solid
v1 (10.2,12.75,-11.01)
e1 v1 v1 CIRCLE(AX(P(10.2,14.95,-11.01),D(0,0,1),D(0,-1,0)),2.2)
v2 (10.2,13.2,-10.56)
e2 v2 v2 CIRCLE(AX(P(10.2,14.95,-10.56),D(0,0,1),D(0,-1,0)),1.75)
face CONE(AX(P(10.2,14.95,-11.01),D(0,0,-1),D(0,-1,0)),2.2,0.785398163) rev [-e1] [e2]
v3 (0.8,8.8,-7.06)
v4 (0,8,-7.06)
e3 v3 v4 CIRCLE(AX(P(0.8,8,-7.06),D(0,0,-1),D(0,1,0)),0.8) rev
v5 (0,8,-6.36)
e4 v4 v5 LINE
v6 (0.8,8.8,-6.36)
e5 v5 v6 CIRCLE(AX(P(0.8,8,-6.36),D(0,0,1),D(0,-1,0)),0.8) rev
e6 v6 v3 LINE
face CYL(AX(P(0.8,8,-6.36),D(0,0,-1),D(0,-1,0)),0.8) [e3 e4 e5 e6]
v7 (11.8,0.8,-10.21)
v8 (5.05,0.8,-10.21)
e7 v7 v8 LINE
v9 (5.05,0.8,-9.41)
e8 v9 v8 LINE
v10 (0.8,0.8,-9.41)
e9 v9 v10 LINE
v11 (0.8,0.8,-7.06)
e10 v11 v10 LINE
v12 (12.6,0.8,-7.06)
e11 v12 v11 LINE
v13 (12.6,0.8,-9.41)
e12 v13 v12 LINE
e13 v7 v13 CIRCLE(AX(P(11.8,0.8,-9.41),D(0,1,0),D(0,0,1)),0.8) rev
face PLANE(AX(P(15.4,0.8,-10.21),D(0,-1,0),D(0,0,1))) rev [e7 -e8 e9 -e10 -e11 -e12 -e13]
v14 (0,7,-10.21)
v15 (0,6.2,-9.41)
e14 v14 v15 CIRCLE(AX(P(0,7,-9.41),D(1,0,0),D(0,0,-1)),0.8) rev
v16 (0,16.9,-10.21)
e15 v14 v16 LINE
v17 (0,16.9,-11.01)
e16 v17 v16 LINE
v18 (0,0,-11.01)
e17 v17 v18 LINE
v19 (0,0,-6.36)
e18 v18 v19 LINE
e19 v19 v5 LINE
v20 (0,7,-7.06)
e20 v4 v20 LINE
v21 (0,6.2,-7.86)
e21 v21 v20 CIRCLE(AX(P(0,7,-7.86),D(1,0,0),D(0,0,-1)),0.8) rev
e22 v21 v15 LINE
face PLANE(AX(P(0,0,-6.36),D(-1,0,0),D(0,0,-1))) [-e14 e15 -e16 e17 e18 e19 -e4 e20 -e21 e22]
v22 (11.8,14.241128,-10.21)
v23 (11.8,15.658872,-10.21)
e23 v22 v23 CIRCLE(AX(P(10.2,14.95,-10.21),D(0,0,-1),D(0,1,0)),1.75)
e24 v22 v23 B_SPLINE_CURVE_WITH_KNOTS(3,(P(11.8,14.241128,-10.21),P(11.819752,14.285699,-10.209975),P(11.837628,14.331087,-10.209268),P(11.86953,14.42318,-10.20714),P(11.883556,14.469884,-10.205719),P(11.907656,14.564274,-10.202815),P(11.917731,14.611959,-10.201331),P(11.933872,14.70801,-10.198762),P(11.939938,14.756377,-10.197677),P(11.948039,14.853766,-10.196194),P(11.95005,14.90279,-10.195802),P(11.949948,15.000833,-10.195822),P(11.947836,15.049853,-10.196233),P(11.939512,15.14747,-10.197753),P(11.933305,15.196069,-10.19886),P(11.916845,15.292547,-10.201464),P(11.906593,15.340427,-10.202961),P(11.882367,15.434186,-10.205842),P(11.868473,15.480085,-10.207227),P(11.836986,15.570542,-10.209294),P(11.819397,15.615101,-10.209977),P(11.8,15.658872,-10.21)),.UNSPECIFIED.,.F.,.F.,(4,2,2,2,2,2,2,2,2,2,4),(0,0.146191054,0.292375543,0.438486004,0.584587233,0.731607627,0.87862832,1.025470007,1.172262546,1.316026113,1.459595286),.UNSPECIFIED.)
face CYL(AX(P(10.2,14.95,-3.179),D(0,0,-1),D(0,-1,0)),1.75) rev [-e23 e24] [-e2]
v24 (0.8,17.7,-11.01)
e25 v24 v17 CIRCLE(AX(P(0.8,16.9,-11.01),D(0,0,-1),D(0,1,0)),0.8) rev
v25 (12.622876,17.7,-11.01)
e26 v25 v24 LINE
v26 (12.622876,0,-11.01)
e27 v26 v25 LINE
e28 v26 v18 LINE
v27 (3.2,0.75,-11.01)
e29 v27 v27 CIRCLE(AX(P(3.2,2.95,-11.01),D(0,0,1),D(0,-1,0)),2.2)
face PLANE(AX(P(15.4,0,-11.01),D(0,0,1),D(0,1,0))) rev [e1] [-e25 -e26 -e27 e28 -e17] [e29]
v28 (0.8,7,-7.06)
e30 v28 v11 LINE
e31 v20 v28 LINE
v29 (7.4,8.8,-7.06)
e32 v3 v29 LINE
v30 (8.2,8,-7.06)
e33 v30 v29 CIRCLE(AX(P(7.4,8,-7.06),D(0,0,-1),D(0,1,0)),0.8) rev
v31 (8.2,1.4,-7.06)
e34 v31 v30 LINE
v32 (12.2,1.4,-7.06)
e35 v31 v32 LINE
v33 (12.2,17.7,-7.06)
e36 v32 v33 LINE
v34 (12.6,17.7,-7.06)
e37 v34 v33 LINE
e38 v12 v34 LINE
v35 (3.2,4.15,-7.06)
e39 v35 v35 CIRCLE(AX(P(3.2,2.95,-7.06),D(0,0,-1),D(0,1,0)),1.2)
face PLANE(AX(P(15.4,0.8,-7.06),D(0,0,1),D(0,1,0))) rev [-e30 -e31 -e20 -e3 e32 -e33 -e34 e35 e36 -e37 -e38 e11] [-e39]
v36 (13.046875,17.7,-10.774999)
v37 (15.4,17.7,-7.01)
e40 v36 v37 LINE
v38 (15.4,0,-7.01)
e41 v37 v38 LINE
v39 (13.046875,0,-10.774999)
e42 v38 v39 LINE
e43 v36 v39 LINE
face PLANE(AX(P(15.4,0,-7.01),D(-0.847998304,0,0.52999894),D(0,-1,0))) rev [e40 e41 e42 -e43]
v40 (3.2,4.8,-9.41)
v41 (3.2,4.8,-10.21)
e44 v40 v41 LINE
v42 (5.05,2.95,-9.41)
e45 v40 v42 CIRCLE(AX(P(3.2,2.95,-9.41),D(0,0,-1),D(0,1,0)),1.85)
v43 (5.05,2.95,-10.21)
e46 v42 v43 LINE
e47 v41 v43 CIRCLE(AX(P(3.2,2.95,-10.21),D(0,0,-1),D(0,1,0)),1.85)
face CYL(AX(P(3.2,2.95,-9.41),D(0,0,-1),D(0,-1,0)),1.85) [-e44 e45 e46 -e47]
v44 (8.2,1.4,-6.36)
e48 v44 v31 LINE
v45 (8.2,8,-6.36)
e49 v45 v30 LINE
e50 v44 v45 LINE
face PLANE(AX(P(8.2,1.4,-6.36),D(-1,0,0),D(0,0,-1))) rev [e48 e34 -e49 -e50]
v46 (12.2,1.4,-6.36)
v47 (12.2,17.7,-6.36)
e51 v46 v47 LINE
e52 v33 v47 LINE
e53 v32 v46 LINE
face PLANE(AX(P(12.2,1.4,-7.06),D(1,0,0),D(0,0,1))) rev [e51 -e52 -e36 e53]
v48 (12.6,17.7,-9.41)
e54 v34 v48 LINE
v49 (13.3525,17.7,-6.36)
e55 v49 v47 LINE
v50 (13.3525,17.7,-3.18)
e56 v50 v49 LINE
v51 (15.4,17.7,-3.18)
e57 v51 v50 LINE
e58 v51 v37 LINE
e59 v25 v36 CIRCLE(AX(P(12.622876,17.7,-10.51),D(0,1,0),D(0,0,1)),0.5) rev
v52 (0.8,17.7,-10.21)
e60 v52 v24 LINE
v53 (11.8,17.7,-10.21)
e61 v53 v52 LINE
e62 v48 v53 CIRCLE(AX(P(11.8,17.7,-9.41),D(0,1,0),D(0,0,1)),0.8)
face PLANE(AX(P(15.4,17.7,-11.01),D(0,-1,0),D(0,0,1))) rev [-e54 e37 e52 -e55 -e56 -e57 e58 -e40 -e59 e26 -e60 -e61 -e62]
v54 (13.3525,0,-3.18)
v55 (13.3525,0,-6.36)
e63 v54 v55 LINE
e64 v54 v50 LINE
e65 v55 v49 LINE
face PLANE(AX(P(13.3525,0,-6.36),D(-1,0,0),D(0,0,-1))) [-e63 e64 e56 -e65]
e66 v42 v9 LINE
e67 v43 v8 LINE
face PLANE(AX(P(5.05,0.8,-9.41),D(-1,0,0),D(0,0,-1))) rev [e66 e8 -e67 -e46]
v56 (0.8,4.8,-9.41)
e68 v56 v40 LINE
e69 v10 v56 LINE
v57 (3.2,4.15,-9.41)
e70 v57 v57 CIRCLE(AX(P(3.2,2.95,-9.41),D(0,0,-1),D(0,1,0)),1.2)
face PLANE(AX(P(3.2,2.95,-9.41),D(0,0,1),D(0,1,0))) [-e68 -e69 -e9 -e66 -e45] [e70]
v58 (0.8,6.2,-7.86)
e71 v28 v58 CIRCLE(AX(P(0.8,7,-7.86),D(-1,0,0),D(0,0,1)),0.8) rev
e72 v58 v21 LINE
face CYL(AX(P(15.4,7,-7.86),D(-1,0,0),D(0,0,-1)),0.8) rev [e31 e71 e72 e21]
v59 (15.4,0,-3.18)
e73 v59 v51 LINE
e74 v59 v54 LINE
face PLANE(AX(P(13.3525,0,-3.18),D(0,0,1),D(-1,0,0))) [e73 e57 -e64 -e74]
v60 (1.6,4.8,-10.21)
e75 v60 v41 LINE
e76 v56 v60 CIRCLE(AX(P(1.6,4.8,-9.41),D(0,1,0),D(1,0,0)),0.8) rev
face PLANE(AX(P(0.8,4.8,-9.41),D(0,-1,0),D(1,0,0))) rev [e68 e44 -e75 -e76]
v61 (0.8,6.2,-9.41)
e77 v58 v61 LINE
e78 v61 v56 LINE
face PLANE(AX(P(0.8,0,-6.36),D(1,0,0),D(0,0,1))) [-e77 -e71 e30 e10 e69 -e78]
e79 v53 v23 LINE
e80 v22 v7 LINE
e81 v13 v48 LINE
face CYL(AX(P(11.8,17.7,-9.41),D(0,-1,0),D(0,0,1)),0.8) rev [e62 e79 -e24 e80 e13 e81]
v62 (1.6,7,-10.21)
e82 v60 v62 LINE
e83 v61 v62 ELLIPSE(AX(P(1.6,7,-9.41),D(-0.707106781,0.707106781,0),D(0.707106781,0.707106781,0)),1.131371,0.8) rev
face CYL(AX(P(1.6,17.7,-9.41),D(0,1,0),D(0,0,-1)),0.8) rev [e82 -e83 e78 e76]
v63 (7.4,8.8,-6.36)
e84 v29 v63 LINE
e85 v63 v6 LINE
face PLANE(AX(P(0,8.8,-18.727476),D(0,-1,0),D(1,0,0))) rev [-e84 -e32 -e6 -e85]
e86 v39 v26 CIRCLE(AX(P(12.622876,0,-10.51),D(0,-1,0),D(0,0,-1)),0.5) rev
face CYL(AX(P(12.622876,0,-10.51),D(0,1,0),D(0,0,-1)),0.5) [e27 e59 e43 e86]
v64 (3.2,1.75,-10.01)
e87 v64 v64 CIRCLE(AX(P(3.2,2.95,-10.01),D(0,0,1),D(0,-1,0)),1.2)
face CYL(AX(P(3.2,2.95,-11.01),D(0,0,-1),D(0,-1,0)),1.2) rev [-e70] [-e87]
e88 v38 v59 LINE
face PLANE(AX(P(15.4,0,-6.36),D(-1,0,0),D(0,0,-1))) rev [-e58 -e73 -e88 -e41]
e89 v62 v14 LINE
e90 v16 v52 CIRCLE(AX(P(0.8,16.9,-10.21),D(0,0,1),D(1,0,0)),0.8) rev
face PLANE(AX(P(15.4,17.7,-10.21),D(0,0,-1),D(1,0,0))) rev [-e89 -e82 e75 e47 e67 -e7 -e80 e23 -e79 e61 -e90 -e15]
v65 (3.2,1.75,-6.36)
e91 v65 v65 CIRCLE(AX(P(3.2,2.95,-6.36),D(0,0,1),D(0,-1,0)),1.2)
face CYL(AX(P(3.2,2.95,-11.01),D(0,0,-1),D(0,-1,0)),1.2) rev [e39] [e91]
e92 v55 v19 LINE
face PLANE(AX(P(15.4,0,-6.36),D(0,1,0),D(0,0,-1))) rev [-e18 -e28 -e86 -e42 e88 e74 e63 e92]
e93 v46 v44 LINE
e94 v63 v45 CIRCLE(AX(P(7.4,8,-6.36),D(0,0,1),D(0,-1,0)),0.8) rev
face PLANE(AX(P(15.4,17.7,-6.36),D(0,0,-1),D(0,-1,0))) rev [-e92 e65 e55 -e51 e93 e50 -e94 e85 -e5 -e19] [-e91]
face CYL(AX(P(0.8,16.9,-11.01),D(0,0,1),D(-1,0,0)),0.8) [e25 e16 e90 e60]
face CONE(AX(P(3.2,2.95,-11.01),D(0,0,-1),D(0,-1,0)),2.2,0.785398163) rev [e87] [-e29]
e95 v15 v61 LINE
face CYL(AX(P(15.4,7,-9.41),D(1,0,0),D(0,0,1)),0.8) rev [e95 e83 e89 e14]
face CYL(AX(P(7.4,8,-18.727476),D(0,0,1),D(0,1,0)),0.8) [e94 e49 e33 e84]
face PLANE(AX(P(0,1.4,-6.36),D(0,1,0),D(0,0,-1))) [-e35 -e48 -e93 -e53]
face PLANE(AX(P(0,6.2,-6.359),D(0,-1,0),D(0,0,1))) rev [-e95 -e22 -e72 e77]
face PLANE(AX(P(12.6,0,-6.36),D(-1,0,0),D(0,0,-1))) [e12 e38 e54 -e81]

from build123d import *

# Parameters (mm, degrees)
BOSS_EXTRUDE1_DEPTH                             = 15.4
CUT_EXTRUDE2_REACH                              = 25.918
SKETCH3_W                                       = 7.5
SKETCH3_H                                       = 11.5
BOSS_EXTRUDE3_REACH                             = 25.918
SKETCH4_W                                       = 0.8
SKETCH4_H                                       = 6.2
SKETCH4_W_2                                     = 2.8
SKETCH4_H_2                                     = 17.7
SKETCH10_W                                      = 4
SKETCH10_H                                      = 0.7
CUT_EXTRUDE4_DEPTH                              = 16.3
BOSS_EXTRUDE4_DEPTH                             = 0.8
CSK_FOR_M2_FLAT_HEAD_MACHINE_SCREW3_D           = 2.4
CSK_FOR_M2_FLAT_HEAD_MACHINE_SCREW3_CSINK_D     = 4.4
CSK_FOR_M2_FLAT_HEAD_MACHINE_SCREW3_CSINK_ANGLE = 90
MOVE_FACE1_BY                                   = 0.6
SKETCH14_W                                      = 8.2
SKETCH14_H                                      = 8.3
CUT_EXTRUDE6_DEPTH                              = 0.7
SKETCH3_2_W                                     = 7.5
SKETCH3_2_H                                     = 11.5
BOSS_EXTRUDE6_DEPTH                             = 0.8
FILLET3_R                                       = 0.8
CHAMFER1_SIZE                                   = 2.5
CHAMFER1_SIZE2                                  = 4
SKETCH12_W                                      = 2.0475
SKETCH12_H                                      = 3.18
BOSS_EXTRUDE5_DEPTH                             = 17.7
FILLET5_R                                       = 0.5
SKETCH11_R                                      = 1.75
CUT_EXTRUDE5_DEPTH                              = 25.492262043
CUT_EXTRUDE5_DIRECTION_2_REACH                  = 26.492


with BuildPart() as part:
    # Sketch2 → Boss-Extrude1 (new body)
    with BuildSketch(Plane(origin=(0, 0, 0), x_dir=(0, 0, -1), z_dir=(1, 0, 0))):
        Polygon((0, 0), (-4.65, 0), (-4.65, 17.7), (-3.85, 17.7), (-3.85, 0.8), (-0.7, 0.8), (-0.7, 17.7), (0, 17.7), align=None)
    extrude(amount=BOSS_EXTRUDE1_DEPTH)

    # Sketch3 → Cut-Extrude2 (cut, up to next)
    with BuildSketch(Plane.XY.offset(4.65), mode=Mode.PRIVATE) as cut_extrude2_sk1:
        with Locations((3.75, 11.95)):
            Rectangle(SKETCH3_W, SKETCH3_H)
    cut_extrude2_tool1 = extrude(cut_extrude2_sk1.sketch, amount=-CUT_EXTRUDE2_REACH, mode=Mode.PRIVATE) & part.part
    add(cut_extrude2_tool1.solids().sort_by_distance((3.75, 11.95, 4.65))[0], mode=Mode.SUBTRACT)

    # Sketch4 → Boss-Extrude3 (add, up to next)
    with BuildSketch(Plane.XY.offset(4.65), mode=Mode.PRIVATE) as boss_extrude3_sk1:
        with Locations((0.4, 3.1)):
            Rectangle(SKETCH4_W, SKETCH4_H)
    boss_extrude3_tool1 = extrude(boss_extrude3_sk1.sketch, amount=-BOSS_EXTRUDE3_REACH, mode=Mode.PRIVATE) - part.part
    # Sketch4 → Boss-Extrude3 (add, up to next)
    with BuildSketch(Plane.XY.offset(4.65), mode=Mode.PRIVATE) as boss_extrude3_sk2:
        with Locations((14, 8.85)):
            Rectangle(SKETCH4_W_2, SKETCH4_H_2)
    boss_extrude3_tool2 = extrude(boss_extrude3_sk2.sketch, amount=-BOSS_EXTRUDE3_REACH, mode=Mode.PRIVATE) - part.part
    add(boss_extrude3_tool1.solids().sort_by_distance((0.4, 3.1, 4.65))[0])
    add(boss_extrude3_tool2.solids().sort_by_distance((14, 8.85, 4.65))[0])

    # Sketch10 → Cut-Extrude4 (cut)
    with BuildSketch(Plane(origin=(0, 17.7, 0), x_dir=(1, 0, 0), z_dir=(0, 1, 0))):
        with Locations((10.2, -0.35)):
            Rectangle(SKETCH10_W, SKETCH10_H)
    extrude(amount=-CUT_EXTRUDE4_DEPTH, mode=Mode.SUBTRACT)

    # Sketch6 → Boss-Extrude4 (add)
    with BuildSketch(Plane(origin=(0, 0, 3.85), x_dir=(-1, 0, 0), z_dir=(0, 0, -1))):
        with BuildLine():
            Line((-0.8, 0.8), (-5.05, 0.8))
            Line((-5.05, 0.8), (-5.05, 2.95))
            ThreePointArc((-5.05, 2.95), (-4.508147545, 4.258147545), (-3.2, 4.8))
            Line((-3.2, 4.8), (-0.8, 4.8))
            Line((-0.8, 4.8), (-0.8, 0.8))
        make_face()
    extrude(amount=BOSS_EXTRUDE4_DEPTH)

    # CSK for M2 Flat Head Machine Screw3 (through all)
    with Locations(Plane(origin=(10.2, 14.95, 4.65), x_dir=(0, 1, 0), z_dir=(0, 0, 1))):
        with Locations((0, 0), (-12, 7)):
            CounterSinkHole(CSK_FOR_M2_FLAT_HEAD_MACHINE_SCREW3_D / 2, CSK_FOR_M2_FLAT_HEAD_MACHINE_SCREW3_CSINK_D / 2, counter_sink_angle=CSK_FOR_M2_FLAT_HEAD_MACHINE_SCREW3_CSINK_ANGLE)

    # Move Face1: a face moved inward by 0.6
    extrude(part.faces().sort_by_distance((4.1, 17.7, 0.35))[0], amount=MOVE_FACE1_BY, dir=(0, -1, 0), mode=Mode.SUBTRACT)

    # Sketch14 → Cut-Extrude6 (cut)
    with BuildSketch(Plane(origin=(0, 0, 0), x_dir=(-1, 0, 0), z_dir=(0, 0, -1))):
        with Locations((-4.1, 12.95)):
            Rectangle(SKETCH14_W, SKETCH14_H)
    extrude(amount=-CUT_EXTRUDE6_DEPTH, mode=Mode.SUBTRACT)

    # Sketch3<2> → Boss-Extrude6 (add)
    with BuildSketch(Plane.XY.offset(4.65)):
        with Locations((3.75, 11.95)):
            Rectangle(SKETCH3_2_W, SKETCH3_2_H)
    extrude(amount=-BOSS_EXTRUDE6_DEPTH)

    # Fillet3
    fillet3_edges = [part.edges().sort_by_distance(p)[0] for p in [
        (0.8, 5.5, 3.85),
        (0, 8.8, 0.35),
        (8.2, 8.8, 0.35),
        (0, 17.7, 4.25),
        (0.4, 6.2, 3.85),
        (0.4, 6.2, 0.7),
        (12.6, 9.25, 3.85),
    ]]
    fillet(fillet3_edges, radius=FILLET3_R)

    # Chamfer1
    chamfer1_edges = [part.edges().sort_by_distance(p)[0] for p in [
        (15.4, 8.85, 4.65),
    ]]
    chamfer1_side = [part.faces().sort_by_distance(p)[0] for p in [
        (7.829915164, 8.832514614, 4.65),
    ]]
    chamfer(chamfer1_edges, length=CHAMFER1_SIZE, length2=CHAMFER1_SIZE2, reference=chamfer1_side[0])

    # Sketch12 → Boss-Extrude5 (add)
    with BuildSketch(Plane(origin=(0, 17.7, 0), x_dir=(1, 0, 0), z_dir=(0, 1, 0))):
        with Locations((14.37625, 1.59)):
            Rectangle(SKETCH12_W, SKETCH12_H)
    extrude(amount=-BOSS_EXTRUDE5_DEPTH)

    # Fillet5
    fillet5_edges = [part.edges().sort_by_distance(p)[0] for p in [
        (12.9, 8.85, 4.65),
    ]]
    fillet(fillet5_edges, radius=FILLET5_R)

    # Sketch11 → Cut-Extrude5 (cut)
    with BuildSketch(Plane(origin=(0, 0, 3.85), x_dir=(-1, 0, 0), z_dir=(0, 0, -1))):
        with Locations(Location((-10.2, 14.95, 0), (0, 0, 270))):
            Circle(SKETCH11_R)
    extrude(amount=-CUT_EXTRUDE5_DEPTH, mode=Mode.SUBTRACT)

    # Sketch11 → Cut-Extrude5 direction 2 (cut, up to next)
    with BuildSketch(Plane(origin=(0, 0, 3.85), x_dir=(-1, 0, 0), z_dir=(0, 0, -1)), mode=Mode.PRIVATE) as cut_extrude5_direction_2_sk1:
        with Locations(Location((-10.2, 14.95, 0), (0, 0, 270))):
            Circle(SKETCH11_R)
    cut_extrude5_direction_2_tool1 = extrude(cut_extrude5_direction_2_sk1.sketch, amount=CUT_EXTRUDE5_DIRECTION_2_REACH, mode=Mode.PRIVATE) & part.part
    add(cut_extrude5_direction_2_tool1.solids().sort_by_distance((10.2, 14.95, 3.85))[0], mode=Mode.SUBTRACT)


with BuildPart() as body_2:
    # Mirror1: mirrored copy
    add(part.part.mirror(Plane(origin=(13.3525, 0, -3.18), x_dir=(1, 0, 0), z_dir=(0, 0, -1))))


solid = body_2.part
